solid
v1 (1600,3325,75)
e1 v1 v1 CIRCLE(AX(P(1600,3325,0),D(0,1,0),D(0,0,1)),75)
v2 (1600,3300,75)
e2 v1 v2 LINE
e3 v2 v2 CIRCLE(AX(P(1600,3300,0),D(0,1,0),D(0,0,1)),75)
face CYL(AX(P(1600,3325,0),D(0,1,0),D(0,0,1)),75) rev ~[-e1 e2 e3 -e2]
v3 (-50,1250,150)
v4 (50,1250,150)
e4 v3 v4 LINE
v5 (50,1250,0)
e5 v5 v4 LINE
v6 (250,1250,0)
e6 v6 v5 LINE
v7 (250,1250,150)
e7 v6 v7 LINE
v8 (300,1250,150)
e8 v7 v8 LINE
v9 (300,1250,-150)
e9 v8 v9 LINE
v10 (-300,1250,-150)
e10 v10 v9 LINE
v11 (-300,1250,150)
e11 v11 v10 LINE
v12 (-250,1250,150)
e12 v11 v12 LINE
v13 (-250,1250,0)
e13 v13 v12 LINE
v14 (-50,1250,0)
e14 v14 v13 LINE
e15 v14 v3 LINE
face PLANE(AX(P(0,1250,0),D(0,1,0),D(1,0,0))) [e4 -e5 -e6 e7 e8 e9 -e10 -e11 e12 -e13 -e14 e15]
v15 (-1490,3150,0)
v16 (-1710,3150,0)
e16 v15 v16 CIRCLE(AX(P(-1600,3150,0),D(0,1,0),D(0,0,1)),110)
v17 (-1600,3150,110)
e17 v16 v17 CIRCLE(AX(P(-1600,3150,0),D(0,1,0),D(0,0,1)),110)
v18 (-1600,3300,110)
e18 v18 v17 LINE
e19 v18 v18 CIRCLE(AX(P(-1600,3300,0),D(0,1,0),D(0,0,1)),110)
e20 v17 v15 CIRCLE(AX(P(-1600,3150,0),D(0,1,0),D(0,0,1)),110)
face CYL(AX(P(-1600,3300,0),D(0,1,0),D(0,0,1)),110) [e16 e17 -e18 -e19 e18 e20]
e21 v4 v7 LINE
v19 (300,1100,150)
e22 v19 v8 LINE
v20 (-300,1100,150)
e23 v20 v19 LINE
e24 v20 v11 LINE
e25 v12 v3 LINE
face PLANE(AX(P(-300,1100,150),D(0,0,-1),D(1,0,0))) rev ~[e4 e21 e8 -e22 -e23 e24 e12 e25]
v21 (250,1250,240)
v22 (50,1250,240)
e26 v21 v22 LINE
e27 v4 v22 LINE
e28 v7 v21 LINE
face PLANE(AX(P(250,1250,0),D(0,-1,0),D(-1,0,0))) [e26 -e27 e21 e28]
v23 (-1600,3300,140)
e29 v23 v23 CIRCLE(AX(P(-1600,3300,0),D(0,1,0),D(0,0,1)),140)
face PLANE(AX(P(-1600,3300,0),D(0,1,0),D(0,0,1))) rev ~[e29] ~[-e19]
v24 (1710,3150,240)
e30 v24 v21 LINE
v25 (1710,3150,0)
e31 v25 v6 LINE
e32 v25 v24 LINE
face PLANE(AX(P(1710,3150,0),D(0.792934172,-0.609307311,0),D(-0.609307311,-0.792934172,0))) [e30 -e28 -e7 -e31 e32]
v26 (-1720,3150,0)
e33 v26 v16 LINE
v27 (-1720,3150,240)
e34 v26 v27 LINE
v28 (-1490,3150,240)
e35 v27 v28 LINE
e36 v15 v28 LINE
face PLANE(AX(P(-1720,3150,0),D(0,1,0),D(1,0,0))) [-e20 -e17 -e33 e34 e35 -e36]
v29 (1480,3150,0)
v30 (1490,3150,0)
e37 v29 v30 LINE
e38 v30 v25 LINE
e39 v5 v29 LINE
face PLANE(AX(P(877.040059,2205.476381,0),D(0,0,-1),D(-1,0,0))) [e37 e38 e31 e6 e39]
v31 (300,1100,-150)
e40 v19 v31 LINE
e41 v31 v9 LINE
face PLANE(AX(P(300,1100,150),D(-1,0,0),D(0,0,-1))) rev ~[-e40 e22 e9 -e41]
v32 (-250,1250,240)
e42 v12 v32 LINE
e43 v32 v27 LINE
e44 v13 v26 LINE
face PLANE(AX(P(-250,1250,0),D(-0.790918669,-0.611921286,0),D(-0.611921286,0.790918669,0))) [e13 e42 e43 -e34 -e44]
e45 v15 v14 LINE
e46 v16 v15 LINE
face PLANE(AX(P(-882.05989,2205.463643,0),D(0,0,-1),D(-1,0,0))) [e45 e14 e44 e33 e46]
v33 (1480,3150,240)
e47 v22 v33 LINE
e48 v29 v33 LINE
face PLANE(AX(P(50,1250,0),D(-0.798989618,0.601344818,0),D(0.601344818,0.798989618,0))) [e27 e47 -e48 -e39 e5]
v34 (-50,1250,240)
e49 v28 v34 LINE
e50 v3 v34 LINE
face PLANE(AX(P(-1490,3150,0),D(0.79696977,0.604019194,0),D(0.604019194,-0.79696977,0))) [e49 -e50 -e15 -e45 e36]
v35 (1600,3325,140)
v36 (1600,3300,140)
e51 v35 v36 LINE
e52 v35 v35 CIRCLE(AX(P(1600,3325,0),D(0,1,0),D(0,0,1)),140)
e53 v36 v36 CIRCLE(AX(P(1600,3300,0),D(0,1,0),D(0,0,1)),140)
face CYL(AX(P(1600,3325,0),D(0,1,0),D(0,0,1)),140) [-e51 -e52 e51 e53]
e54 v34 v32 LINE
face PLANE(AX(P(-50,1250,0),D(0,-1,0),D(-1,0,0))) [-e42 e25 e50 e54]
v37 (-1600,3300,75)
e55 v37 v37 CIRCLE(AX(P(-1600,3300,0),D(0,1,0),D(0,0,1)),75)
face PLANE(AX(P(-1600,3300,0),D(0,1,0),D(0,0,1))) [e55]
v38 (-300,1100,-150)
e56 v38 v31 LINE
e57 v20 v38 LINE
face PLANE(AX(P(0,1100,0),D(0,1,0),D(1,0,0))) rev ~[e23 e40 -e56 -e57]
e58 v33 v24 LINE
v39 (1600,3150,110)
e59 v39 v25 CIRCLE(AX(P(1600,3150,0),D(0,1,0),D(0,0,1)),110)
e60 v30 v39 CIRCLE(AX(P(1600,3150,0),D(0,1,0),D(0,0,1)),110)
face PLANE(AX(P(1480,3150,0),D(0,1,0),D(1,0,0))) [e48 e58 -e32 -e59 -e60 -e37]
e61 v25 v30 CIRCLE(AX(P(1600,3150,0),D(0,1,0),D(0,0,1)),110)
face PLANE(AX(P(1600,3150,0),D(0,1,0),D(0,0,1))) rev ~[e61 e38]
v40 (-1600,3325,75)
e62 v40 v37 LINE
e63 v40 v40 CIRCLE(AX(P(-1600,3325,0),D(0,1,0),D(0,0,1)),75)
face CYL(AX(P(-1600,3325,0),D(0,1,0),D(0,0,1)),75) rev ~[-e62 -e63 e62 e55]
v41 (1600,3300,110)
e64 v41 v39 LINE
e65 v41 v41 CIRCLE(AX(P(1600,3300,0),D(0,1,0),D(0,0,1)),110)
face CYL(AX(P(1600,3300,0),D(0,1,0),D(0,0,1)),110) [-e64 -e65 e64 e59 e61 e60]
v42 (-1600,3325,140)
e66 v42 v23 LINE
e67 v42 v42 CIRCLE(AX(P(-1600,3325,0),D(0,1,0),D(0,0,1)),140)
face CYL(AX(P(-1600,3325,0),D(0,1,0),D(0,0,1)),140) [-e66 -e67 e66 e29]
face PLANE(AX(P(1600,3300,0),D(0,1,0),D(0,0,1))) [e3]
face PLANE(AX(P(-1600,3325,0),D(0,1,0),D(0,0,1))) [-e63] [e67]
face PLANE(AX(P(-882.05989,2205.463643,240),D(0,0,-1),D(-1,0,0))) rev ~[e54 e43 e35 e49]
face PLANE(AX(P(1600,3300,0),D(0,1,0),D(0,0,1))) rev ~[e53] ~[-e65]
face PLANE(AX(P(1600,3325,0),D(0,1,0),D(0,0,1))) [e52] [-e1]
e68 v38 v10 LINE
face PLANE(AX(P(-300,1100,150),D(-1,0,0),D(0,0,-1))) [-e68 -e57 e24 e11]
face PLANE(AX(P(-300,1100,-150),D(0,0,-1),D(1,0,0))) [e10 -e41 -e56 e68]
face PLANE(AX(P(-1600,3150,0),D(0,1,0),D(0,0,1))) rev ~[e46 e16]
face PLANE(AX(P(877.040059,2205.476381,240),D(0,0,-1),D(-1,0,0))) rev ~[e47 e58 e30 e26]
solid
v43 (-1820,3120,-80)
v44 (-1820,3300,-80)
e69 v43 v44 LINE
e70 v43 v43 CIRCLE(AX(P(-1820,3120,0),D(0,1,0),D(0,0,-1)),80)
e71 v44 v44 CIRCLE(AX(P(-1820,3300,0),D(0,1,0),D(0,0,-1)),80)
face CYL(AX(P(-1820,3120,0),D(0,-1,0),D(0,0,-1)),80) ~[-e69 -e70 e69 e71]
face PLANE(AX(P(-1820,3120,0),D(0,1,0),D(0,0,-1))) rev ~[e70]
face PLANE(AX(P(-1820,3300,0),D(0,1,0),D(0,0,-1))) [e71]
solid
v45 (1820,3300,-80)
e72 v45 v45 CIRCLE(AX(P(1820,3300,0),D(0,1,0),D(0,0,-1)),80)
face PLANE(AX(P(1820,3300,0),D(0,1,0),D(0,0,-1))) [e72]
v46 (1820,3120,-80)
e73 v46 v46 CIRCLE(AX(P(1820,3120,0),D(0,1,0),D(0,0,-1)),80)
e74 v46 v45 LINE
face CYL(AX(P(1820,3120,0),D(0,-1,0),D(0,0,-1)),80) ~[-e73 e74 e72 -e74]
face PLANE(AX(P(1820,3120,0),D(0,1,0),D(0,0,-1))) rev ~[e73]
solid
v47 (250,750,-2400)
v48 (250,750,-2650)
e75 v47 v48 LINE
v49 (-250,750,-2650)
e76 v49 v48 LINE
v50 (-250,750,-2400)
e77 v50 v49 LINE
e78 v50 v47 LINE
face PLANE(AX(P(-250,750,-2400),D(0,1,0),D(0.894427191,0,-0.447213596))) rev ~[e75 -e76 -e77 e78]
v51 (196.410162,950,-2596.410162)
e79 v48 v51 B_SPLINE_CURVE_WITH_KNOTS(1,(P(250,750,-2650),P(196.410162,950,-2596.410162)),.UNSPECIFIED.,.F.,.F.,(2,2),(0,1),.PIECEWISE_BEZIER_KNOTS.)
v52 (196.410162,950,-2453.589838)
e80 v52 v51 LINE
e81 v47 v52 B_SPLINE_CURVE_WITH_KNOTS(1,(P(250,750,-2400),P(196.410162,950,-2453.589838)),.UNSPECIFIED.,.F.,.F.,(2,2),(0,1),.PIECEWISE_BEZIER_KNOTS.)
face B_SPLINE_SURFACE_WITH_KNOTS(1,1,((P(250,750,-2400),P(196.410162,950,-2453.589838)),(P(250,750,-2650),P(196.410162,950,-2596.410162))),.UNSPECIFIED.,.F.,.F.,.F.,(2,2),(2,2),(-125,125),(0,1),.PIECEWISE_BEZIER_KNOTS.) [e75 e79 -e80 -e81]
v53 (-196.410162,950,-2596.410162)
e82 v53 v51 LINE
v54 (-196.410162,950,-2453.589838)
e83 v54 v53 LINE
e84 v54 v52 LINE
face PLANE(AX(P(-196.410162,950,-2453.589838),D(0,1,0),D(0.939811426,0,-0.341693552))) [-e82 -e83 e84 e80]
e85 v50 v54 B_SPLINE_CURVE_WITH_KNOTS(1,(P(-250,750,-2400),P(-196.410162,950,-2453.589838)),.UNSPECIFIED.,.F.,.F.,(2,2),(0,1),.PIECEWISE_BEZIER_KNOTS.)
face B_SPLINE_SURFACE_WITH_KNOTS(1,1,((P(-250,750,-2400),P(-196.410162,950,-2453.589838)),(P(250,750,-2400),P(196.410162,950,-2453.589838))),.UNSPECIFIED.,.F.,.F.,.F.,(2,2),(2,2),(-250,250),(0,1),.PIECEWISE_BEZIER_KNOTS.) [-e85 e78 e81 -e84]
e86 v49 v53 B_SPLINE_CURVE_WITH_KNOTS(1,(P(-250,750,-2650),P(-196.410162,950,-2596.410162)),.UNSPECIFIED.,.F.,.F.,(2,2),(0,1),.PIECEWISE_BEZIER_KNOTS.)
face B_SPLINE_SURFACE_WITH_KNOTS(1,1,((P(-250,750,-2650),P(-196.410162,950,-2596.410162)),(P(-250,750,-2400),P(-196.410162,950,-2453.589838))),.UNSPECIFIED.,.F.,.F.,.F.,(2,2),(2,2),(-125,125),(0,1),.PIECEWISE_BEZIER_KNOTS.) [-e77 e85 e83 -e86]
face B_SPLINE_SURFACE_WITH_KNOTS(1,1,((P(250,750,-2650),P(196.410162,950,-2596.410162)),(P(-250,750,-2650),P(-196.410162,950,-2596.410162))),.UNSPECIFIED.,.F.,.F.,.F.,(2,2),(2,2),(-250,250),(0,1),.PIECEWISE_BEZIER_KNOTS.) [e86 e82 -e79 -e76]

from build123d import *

# Parameters (mm, degrees)
BOSS_EXTRUDE1_START  = 3325
SKETCH1_R            = 140
SKETCH1_R_2          = 75
BOSS_EXTRUDE1_DEPTH  = 25
BOSS_EXTRUDE2_START  = 3300
SKETCH2_R            = 110
BOSS_EXTRUDE2_DEPTH  = 150
BOSS_EXTRUDE3_START  = 3120
SKETCH3_R            = 80
BOSS_EXTRUDE3_DEPTH  = 180
BOSS_EXTRUDE4_START  = 3325
SKETCH4_R            = 140
SKETCH4_R_2          = 75
BOSS_EXTRUDE4_DEPTH  = 25
BOSS_EXTRUDE5_START  = 3300
SKETCH5_R            = 110
BOSS_EXTRUDE5_DEPTH  = 150
BOSS_EXTRUDE6_START  = 3120
SKETCH6_R            = 80
BOSS_EXTRUDE6_DEPTH  = 180
BOSS_EXTRUDE7_DEPTH  = 240
BOSS_EXTRUDE8_DEPTH  = 240
BOSS_EXTRUDE9_START  = 1100
SKETCH9_W            = 600
SKETCH9_H            = 300
BOSS_EXTRUDE9_DEPTH  = 150
BOSS_EXTRUDE10_START = 750
SKETCH10_W           = 500
SKETCH10_H           = 250
BOSS_EXTRUDE10_DEPTH = 200
BOSS_EXTRUDE10_TAPER = 15


with BuildPart() as part:
    # Sketch1 → Boss-Extrude1 (new body)
    with BuildSketch(Plane(origin=(0, 0, 0), x_dir=(1, 0, 0), z_dir=(0, 1, 0)).offset(BOSS_EXTRUDE1_START)):
        with Locations(Location((-1600, 0, 0), (0, 0, 270))):
            Circle(SKETCH1_R)
        with Locations(Location((-1600, 0, 0), (0, 0, 270))):
            Circle(SKETCH1_R_2, mode=Mode.SUBTRACT)
    extrude(amount=-BOSS_EXTRUDE1_DEPTH)

    # Sketch2 → Boss-Extrude2 (add)
    with BuildSketch(Plane(origin=(0, 0, 0), x_dir=(1, 0, 0), z_dir=(0, 1, 0)).offset(BOSS_EXTRUDE2_START)):
        with Locations(Location((-1600, 0, 0), (0, 0, 270))):
            Circle(SKETCH2_R)
    extrude(amount=-BOSS_EXTRUDE2_DEPTH)

    # Sketch7 → Boss-Extrude7 (add)
    with BuildSketch(Plane.XY):
        Polygon((-1720, 3150), (-1490, 3150), (-50, 1250), (-250, 1250), align=None)
    extrude(amount=BOSS_EXTRUDE7_DEPTH)



with BuildPart() as body_2:
    # Sketch3 → Boss-Extrude3 (new body)
    with BuildSketch(Plane(origin=(0, 0, 0), x_dir=(1, 0, 0), z_dir=(0, 1, 0)).offset(BOSS_EXTRUDE3_START)):
        with Locations(Location((-1820, 0, 0), (0, 0, 90))):
            Circle(SKETCH3_R)
    extrude(amount=BOSS_EXTRUDE3_DEPTH)


with BuildPart() as body_3:
    # Sketch4 → Boss-Extrude4 (new body)
    with BuildSketch(Plane(origin=(0, 0, 0), x_dir=(1, 0, 0), z_dir=(0, 1, 0)).offset(BOSS_EXTRUDE4_START)):
        with Locations(Location((1600, 0, 0), (0, 0, 270))):
            Circle(SKETCH4_R)
        with Locations(Location((1600, 0, 0), (0, 0, 270))):
            Circle(SKETCH4_R_2, mode=Mode.SUBTRACT)
    extrude(amount=-BOSS_EXTRUDE4_DEPTH)

    # Sketch5 → Boss-Extrude5 (add)
    with BuildSketch(Plane(origin=(0, 0, 0), x_dir=(1, 0, 0), z_dir=(0, 1, 0)).offset(BOSS_EXTRUDE5_START)):
        with Locations(Location((1600, 0, 0), (0, 0, 270))):
            Circle(SKETCH5_R)
    extrude(amount=-BOSS_EXTRUDE5_DEPTH)

    # Sketch8 → Boss-Extrude8 (add)
    with BuildSketch(Plane.XY):
        Polygon((1480, 3150), (1710, 3150), (250, 1250), (50, 1250), align=None)
    extrude(amount=BOSS_EXTRUDE8_DEPTH)


with BuildPart() as body_4:
    # Sketch6 → Boss-Extrude6 (new body)
    with BuildSketch(Plane(origin=(0, 0, 0), x_dir=(1, 0, 0), z_dir=(0, 1, 0)).offset(BOSS_EXTRUDE6_START)):
        with Locations(Location((1820, 0, 0), (0, 0, 90))):
            Circle(SKETCH6_R)
    extrude(amount=BOSS_EXTRUDE6_DEPTH)


with BuildPart() as part_1:
    add(part.part)

    add(body_3.part)  # Boss-Extrude9 merges body 3
    # Sketch9 → Boss-Extrude9 (add)
    with BuildSketch(Plane(origin=(0, 0, 0), x_dir=(1, 0, 0), z_dir=(0, 1, 0)).offset(BOSS_EXTRUDE9_START)):
        Rectangle(SKETCH9_W, SKETCH9_H)
    extrude(amount=BOSS_EXTRUDE9_DEPTH)


with BuildPart() as body_4_2:
    # Sketch10 → Boss-Extrude10 (new body)
    with BuildSketch(Plane(origin=(0, 0, 0), x_dir=(1, 0, 0), z_dir=(0, 1, 0)).offset(BOSS_EXTRUDE10_START)):
        with Locations((0, 2525)):
            Rectangle(SKETCH10_W, SKETCH10_H)
    extrude(amount=BOSS_EXTRUDE10_DEPTH, taper=BOSS_EXTRUDE10_TAPER)


solid = Compound([body_2.part, body_4.part, part_1.part, body_4_2.part])
